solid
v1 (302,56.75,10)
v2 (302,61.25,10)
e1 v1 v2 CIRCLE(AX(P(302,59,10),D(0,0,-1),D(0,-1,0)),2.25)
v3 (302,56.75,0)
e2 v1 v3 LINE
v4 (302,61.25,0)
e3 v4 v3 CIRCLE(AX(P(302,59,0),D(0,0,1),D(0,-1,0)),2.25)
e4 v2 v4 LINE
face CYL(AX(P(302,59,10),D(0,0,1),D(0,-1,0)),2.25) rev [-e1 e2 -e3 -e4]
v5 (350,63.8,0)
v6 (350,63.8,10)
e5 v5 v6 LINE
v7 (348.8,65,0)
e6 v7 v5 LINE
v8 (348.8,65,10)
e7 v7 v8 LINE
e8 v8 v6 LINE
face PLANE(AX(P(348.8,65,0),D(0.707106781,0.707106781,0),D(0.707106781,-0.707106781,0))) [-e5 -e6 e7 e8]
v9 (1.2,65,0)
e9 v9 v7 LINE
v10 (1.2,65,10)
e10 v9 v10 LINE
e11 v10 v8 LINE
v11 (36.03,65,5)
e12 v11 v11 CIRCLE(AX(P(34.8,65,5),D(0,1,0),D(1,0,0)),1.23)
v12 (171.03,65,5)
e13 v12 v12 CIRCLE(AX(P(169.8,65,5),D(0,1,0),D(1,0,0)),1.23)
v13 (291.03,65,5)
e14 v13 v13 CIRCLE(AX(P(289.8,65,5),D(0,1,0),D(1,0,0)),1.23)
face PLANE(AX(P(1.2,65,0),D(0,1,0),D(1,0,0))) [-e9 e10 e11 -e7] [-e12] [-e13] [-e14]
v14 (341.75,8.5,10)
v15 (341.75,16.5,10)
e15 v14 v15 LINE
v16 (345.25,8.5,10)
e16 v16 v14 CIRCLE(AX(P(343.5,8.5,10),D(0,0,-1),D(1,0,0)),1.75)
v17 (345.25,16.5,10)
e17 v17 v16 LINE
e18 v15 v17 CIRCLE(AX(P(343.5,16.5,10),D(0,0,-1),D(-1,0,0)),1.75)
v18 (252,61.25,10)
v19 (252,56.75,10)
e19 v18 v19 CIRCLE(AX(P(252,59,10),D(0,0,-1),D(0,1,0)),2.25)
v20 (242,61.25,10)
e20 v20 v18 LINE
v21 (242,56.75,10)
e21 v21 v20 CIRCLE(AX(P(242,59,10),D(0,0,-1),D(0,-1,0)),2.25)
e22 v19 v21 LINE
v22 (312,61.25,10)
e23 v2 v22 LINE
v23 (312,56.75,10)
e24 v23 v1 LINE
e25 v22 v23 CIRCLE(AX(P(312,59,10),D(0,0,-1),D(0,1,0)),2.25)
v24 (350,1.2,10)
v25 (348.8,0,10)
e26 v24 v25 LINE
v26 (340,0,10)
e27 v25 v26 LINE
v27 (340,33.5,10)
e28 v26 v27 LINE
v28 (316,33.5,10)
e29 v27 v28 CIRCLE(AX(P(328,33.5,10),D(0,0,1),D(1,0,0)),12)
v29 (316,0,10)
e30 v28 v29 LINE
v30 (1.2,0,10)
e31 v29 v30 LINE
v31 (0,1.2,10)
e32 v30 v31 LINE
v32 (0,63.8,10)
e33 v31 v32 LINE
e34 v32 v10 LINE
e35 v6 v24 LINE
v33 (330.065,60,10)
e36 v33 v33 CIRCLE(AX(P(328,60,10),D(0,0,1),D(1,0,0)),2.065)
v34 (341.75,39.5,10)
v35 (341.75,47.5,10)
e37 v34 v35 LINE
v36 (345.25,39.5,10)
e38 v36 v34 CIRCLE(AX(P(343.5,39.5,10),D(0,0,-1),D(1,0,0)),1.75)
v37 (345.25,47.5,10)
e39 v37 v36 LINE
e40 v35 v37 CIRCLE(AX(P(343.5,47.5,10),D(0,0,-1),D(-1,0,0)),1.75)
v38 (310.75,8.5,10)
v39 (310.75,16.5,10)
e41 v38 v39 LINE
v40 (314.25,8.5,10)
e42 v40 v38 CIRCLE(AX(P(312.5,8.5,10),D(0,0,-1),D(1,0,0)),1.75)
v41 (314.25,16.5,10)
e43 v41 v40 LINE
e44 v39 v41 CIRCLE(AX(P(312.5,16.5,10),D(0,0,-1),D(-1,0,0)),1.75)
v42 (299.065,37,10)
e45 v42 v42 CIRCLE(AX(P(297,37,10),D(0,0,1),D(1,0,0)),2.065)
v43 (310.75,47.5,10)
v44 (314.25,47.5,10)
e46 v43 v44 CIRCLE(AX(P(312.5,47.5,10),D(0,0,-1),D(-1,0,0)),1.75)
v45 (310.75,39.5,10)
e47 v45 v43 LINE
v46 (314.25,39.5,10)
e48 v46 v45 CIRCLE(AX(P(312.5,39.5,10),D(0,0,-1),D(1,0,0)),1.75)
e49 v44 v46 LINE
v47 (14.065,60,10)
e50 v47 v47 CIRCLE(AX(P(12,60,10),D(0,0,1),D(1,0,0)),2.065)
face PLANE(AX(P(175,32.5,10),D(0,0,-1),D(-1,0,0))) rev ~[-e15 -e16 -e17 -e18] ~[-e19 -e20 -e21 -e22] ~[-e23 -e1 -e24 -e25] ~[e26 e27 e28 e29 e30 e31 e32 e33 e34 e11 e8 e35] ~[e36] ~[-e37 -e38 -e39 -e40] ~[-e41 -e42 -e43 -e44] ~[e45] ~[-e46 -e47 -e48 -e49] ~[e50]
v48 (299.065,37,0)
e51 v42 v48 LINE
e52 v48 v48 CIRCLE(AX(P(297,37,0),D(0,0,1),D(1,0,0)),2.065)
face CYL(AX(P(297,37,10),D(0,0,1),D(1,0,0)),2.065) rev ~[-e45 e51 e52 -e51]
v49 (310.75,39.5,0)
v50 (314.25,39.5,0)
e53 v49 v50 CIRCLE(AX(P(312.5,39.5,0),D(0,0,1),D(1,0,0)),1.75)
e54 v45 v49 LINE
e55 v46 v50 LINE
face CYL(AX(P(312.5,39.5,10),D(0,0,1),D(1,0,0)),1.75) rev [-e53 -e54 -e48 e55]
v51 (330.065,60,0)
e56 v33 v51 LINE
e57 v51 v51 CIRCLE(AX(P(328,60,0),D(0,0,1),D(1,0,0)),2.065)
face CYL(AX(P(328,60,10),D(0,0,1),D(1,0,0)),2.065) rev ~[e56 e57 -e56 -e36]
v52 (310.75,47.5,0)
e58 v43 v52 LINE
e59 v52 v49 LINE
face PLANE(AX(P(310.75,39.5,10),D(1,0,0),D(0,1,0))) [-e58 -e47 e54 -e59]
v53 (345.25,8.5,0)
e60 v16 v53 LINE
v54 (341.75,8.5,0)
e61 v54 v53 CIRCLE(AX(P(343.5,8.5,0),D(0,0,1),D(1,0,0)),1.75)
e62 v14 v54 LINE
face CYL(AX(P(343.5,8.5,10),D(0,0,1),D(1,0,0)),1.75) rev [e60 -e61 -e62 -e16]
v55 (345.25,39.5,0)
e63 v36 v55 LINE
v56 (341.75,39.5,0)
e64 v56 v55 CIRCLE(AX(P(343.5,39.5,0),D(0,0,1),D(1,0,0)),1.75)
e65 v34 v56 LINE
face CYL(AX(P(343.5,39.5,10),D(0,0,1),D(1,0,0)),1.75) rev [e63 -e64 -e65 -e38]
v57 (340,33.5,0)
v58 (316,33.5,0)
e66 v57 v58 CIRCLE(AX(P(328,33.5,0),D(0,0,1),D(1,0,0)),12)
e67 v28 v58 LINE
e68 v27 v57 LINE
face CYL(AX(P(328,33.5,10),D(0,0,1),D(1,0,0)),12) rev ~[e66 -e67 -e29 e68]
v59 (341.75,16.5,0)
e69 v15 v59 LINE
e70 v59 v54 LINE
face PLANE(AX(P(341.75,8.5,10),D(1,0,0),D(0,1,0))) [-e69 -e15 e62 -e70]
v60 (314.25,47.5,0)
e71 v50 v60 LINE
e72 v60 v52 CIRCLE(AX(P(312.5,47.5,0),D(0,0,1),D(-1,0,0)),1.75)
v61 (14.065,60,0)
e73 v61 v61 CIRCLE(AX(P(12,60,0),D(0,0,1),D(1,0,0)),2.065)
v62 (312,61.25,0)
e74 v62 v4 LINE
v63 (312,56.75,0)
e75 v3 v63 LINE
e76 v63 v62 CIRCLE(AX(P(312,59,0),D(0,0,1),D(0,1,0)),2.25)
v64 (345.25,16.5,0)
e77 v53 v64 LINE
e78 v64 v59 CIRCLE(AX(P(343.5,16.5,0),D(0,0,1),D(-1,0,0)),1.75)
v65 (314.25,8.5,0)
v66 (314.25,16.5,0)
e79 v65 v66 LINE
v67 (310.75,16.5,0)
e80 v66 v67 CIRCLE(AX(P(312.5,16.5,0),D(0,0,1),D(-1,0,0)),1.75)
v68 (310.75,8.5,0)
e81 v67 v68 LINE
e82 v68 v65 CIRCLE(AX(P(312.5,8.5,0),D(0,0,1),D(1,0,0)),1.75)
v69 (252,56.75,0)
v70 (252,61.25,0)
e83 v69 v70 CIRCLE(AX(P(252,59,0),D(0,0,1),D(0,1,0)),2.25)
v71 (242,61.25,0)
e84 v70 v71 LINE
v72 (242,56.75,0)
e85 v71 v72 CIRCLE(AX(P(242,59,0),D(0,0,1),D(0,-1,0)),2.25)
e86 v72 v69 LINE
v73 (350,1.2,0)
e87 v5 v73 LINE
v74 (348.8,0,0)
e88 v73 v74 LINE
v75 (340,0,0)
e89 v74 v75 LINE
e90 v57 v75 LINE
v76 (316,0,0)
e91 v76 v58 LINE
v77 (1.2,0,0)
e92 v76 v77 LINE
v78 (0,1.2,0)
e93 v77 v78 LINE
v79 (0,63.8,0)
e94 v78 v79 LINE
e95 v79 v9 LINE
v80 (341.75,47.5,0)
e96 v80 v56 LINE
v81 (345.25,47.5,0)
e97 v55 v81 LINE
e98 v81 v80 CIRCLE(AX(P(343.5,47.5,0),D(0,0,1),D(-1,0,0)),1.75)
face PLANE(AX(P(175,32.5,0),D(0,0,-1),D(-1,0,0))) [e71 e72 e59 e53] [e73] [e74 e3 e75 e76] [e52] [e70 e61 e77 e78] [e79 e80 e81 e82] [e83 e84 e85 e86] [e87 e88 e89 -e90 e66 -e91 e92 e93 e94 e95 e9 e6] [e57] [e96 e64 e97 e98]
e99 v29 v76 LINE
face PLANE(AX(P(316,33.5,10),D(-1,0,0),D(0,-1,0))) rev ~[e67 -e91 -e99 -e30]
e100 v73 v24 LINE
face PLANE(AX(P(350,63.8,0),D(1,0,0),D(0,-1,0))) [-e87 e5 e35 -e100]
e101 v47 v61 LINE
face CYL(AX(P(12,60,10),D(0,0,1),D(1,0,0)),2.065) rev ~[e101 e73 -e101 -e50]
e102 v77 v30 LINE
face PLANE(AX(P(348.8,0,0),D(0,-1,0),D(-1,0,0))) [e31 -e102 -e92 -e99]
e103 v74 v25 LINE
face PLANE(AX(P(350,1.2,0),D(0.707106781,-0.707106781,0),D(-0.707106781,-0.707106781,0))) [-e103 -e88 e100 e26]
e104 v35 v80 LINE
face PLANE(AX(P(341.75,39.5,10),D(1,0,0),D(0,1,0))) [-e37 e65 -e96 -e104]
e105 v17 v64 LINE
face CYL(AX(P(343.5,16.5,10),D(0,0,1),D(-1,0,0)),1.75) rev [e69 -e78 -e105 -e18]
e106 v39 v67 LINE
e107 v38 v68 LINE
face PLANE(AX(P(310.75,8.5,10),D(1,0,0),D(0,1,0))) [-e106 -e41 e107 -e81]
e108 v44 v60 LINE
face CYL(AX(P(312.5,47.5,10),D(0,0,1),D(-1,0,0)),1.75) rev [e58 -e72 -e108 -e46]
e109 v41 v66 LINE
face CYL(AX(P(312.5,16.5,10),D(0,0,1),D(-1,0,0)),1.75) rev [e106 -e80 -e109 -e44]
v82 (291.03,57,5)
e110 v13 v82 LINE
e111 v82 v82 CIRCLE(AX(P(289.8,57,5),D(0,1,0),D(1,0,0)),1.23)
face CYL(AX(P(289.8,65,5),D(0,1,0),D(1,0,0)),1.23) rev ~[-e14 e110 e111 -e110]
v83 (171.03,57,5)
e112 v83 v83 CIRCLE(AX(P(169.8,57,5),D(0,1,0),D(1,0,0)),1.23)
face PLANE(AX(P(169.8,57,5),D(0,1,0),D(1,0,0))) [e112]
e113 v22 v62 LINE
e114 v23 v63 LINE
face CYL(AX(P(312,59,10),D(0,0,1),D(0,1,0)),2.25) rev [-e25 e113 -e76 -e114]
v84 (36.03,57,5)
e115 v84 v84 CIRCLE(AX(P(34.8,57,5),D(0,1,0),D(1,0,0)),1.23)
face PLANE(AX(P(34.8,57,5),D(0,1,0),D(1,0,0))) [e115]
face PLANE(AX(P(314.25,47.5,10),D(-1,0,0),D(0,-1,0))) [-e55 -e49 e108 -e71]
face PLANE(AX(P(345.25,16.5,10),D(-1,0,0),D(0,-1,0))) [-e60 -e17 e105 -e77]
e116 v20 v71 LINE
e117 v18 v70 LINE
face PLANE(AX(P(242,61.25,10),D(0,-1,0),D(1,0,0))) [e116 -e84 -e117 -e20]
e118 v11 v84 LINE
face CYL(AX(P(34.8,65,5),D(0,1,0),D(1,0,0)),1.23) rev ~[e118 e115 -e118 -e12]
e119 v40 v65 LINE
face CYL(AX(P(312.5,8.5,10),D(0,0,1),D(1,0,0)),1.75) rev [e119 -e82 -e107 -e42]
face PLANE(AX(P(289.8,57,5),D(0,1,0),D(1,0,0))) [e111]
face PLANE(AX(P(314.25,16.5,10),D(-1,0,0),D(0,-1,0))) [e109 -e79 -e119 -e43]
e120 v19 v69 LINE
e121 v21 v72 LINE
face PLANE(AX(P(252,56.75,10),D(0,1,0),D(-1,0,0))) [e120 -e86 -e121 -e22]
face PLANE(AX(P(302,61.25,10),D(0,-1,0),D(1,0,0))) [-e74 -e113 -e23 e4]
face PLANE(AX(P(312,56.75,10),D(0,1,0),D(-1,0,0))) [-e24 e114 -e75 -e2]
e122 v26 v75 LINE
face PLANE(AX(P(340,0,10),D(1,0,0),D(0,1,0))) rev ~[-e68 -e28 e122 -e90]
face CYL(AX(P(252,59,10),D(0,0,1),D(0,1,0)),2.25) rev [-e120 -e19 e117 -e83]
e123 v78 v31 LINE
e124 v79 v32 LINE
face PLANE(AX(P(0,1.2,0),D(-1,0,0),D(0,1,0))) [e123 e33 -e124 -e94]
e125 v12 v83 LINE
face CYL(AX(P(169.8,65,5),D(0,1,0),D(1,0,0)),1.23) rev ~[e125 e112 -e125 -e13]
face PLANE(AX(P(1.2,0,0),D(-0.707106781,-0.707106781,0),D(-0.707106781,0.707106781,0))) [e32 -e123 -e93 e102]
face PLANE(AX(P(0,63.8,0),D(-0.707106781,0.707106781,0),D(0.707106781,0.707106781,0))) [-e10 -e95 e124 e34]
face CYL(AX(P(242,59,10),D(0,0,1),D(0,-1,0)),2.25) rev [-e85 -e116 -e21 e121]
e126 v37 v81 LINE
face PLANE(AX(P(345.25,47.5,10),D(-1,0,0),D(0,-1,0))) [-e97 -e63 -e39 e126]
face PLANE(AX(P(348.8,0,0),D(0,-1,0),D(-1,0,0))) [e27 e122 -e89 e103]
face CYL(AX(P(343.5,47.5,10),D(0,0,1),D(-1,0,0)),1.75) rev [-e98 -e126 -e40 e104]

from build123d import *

# Parameters (mm, degrees)
BOSS_EXTRUDE1_DEPTH     = 10
CUT_EXTRUDE1_DEPTH      = 1
CUT_EXTRUDE1_DEPTH_BACK = 11
CUT_EXTRUDE2_DEPTH      = 11
LPATTERN1_COUNT         = 2
LPATTERN1_PITCH         = 31
LPATTERN1_COUNT_DIR2    = 2
LPATTERN1_PITCH_DIR2    = 31
SKETCH5_R               = 2.065
CUT_EXTRUDE3_DEPTH      = 11
SKETCH6_R               = 1.23
CUT_EXTRUDE4_DEPTH      = 8


with BuildPart() as part:
    # Sketch1 → Boss-Extrude1 (new body)
    with BuildSketch(Plane.XY):
        Polygon((348.8, 65), (350, 63.8), (350, 1.2), (348.8, 0), (1.2, 0), (0, 1.2), (0, 63.8), (1.2, 65), align=None)
    extrude(amount=BOSS_EXTRUDE1_DEPTH)

    # Sketch2 → Cut-Extrude1 (cut, two sides)
    with BuildSketch(Plane.XY.offset(10)) as cut_extrude1_sk:
        with BuildLine():
            Line((316, 33.5), (316, 0))
            Line((316, 0), (340, 0))
            Line((340, 0), (340, 33.5))
            ThreePointArc((340, 33.5), (328, 45.5), (316, 33.5))
        make_face()
    extrude(amount=CUT_EXTRUDE1_DEPTH, mode=Mode.SUBTRACT)
    extrude(cut_extrude1_sk.sketch, amount=-CUT_EXTRUDE1_DEPTH_BACK, mode=Mode.SUBTRACT)

    # Sketch3 → Cut-Extrude2 (cut, through all)
    with BuildSketch(Plane.XY.offset(10)):
        with BuildLine():
            Line((345.25, 16.5), (345.25, 8.5))
            ThreePointArc((345.25, 8.5), (343.5, 6.75), (341.75, 8.5))
            Line((341.75, 8.5), (341.75, 16.5))
            ThreePointArc((341.75, 16.5), (343.5, 18.25), (345.25, 16.5))
        make_face()
    cut_extrude2 = extrude(amount=-CUT_EXTRUDE2_DEPTH, mode=Mode.SUBTRACT)

    # LPattern1: Cut-Extrude2 2 × 2
    with Locations(*[(-j * LPATTERN1_PITCH_DIR2, i * LPATTERN1_PITCH, 0) for i in range(LPATTERN1_COUNT) for j in range(LPATTERN1_COUNT_DIR2) if (i, j) != (0, 0)]):
        add(cut_extrude2, mode=Mode.SUBTRACT)

    # Sketch5 → Cut-Extrude3 (cut, through all)
    with BuildSketch(Plane.XY.offset(10)):
        with Locations((328, 60)):
            Circle(SKETCH5_R)
        with Locations((12, 60)):
            Circle(SKETCH5_R)
        with Locations((297, 37)):
            Circle(SKETCH5_R)
        with BuildLine():
            Line((302, 61.25), (312, 61.25))
            ThreePointArc((312, 61.25), (314.25, 59), (312, 56.75))
            Line((312, 56.75), (302, 56.75))
            ThreePointArc((302, 56.75), (299.75, 59), (302, 61.25))
        make_face()
        with BuildLine():
            Line((242, 61.25), (252, 61.25))
            ThreePointArc((252, 61.25), (254.25, 59), (252, 56.75))
            Line((252, 56.75), (242, 56.75))
            ThreePointArc((242, 56.75), (239.75, 59), (242, 61.25))
        make_face()
    extrude(amount=-CUT_EXTRUDE3_DEPTH, mode=Mode.SUBTRACT)

    # Sketch6 → Cut-Extrude4 (cut)
    with BuildSketch(Plane(origin=(0, 65, 0), x_dir=(1, 0, 0), z_dir=(0, 1, 0))):
        with Locations((289.8, -5)):
            Circle(SKETCH6_R)
        with Locations((169.8, -5)):
            Circle(SKETCH6_R)
        with Locations((34.8, -5)):
            Circle(SKETCH6_R)
    extrude(amount=-CUT_EXTRUDE4_DEPTH, mode=Mode.SUBTRACT)


solid = part.part
